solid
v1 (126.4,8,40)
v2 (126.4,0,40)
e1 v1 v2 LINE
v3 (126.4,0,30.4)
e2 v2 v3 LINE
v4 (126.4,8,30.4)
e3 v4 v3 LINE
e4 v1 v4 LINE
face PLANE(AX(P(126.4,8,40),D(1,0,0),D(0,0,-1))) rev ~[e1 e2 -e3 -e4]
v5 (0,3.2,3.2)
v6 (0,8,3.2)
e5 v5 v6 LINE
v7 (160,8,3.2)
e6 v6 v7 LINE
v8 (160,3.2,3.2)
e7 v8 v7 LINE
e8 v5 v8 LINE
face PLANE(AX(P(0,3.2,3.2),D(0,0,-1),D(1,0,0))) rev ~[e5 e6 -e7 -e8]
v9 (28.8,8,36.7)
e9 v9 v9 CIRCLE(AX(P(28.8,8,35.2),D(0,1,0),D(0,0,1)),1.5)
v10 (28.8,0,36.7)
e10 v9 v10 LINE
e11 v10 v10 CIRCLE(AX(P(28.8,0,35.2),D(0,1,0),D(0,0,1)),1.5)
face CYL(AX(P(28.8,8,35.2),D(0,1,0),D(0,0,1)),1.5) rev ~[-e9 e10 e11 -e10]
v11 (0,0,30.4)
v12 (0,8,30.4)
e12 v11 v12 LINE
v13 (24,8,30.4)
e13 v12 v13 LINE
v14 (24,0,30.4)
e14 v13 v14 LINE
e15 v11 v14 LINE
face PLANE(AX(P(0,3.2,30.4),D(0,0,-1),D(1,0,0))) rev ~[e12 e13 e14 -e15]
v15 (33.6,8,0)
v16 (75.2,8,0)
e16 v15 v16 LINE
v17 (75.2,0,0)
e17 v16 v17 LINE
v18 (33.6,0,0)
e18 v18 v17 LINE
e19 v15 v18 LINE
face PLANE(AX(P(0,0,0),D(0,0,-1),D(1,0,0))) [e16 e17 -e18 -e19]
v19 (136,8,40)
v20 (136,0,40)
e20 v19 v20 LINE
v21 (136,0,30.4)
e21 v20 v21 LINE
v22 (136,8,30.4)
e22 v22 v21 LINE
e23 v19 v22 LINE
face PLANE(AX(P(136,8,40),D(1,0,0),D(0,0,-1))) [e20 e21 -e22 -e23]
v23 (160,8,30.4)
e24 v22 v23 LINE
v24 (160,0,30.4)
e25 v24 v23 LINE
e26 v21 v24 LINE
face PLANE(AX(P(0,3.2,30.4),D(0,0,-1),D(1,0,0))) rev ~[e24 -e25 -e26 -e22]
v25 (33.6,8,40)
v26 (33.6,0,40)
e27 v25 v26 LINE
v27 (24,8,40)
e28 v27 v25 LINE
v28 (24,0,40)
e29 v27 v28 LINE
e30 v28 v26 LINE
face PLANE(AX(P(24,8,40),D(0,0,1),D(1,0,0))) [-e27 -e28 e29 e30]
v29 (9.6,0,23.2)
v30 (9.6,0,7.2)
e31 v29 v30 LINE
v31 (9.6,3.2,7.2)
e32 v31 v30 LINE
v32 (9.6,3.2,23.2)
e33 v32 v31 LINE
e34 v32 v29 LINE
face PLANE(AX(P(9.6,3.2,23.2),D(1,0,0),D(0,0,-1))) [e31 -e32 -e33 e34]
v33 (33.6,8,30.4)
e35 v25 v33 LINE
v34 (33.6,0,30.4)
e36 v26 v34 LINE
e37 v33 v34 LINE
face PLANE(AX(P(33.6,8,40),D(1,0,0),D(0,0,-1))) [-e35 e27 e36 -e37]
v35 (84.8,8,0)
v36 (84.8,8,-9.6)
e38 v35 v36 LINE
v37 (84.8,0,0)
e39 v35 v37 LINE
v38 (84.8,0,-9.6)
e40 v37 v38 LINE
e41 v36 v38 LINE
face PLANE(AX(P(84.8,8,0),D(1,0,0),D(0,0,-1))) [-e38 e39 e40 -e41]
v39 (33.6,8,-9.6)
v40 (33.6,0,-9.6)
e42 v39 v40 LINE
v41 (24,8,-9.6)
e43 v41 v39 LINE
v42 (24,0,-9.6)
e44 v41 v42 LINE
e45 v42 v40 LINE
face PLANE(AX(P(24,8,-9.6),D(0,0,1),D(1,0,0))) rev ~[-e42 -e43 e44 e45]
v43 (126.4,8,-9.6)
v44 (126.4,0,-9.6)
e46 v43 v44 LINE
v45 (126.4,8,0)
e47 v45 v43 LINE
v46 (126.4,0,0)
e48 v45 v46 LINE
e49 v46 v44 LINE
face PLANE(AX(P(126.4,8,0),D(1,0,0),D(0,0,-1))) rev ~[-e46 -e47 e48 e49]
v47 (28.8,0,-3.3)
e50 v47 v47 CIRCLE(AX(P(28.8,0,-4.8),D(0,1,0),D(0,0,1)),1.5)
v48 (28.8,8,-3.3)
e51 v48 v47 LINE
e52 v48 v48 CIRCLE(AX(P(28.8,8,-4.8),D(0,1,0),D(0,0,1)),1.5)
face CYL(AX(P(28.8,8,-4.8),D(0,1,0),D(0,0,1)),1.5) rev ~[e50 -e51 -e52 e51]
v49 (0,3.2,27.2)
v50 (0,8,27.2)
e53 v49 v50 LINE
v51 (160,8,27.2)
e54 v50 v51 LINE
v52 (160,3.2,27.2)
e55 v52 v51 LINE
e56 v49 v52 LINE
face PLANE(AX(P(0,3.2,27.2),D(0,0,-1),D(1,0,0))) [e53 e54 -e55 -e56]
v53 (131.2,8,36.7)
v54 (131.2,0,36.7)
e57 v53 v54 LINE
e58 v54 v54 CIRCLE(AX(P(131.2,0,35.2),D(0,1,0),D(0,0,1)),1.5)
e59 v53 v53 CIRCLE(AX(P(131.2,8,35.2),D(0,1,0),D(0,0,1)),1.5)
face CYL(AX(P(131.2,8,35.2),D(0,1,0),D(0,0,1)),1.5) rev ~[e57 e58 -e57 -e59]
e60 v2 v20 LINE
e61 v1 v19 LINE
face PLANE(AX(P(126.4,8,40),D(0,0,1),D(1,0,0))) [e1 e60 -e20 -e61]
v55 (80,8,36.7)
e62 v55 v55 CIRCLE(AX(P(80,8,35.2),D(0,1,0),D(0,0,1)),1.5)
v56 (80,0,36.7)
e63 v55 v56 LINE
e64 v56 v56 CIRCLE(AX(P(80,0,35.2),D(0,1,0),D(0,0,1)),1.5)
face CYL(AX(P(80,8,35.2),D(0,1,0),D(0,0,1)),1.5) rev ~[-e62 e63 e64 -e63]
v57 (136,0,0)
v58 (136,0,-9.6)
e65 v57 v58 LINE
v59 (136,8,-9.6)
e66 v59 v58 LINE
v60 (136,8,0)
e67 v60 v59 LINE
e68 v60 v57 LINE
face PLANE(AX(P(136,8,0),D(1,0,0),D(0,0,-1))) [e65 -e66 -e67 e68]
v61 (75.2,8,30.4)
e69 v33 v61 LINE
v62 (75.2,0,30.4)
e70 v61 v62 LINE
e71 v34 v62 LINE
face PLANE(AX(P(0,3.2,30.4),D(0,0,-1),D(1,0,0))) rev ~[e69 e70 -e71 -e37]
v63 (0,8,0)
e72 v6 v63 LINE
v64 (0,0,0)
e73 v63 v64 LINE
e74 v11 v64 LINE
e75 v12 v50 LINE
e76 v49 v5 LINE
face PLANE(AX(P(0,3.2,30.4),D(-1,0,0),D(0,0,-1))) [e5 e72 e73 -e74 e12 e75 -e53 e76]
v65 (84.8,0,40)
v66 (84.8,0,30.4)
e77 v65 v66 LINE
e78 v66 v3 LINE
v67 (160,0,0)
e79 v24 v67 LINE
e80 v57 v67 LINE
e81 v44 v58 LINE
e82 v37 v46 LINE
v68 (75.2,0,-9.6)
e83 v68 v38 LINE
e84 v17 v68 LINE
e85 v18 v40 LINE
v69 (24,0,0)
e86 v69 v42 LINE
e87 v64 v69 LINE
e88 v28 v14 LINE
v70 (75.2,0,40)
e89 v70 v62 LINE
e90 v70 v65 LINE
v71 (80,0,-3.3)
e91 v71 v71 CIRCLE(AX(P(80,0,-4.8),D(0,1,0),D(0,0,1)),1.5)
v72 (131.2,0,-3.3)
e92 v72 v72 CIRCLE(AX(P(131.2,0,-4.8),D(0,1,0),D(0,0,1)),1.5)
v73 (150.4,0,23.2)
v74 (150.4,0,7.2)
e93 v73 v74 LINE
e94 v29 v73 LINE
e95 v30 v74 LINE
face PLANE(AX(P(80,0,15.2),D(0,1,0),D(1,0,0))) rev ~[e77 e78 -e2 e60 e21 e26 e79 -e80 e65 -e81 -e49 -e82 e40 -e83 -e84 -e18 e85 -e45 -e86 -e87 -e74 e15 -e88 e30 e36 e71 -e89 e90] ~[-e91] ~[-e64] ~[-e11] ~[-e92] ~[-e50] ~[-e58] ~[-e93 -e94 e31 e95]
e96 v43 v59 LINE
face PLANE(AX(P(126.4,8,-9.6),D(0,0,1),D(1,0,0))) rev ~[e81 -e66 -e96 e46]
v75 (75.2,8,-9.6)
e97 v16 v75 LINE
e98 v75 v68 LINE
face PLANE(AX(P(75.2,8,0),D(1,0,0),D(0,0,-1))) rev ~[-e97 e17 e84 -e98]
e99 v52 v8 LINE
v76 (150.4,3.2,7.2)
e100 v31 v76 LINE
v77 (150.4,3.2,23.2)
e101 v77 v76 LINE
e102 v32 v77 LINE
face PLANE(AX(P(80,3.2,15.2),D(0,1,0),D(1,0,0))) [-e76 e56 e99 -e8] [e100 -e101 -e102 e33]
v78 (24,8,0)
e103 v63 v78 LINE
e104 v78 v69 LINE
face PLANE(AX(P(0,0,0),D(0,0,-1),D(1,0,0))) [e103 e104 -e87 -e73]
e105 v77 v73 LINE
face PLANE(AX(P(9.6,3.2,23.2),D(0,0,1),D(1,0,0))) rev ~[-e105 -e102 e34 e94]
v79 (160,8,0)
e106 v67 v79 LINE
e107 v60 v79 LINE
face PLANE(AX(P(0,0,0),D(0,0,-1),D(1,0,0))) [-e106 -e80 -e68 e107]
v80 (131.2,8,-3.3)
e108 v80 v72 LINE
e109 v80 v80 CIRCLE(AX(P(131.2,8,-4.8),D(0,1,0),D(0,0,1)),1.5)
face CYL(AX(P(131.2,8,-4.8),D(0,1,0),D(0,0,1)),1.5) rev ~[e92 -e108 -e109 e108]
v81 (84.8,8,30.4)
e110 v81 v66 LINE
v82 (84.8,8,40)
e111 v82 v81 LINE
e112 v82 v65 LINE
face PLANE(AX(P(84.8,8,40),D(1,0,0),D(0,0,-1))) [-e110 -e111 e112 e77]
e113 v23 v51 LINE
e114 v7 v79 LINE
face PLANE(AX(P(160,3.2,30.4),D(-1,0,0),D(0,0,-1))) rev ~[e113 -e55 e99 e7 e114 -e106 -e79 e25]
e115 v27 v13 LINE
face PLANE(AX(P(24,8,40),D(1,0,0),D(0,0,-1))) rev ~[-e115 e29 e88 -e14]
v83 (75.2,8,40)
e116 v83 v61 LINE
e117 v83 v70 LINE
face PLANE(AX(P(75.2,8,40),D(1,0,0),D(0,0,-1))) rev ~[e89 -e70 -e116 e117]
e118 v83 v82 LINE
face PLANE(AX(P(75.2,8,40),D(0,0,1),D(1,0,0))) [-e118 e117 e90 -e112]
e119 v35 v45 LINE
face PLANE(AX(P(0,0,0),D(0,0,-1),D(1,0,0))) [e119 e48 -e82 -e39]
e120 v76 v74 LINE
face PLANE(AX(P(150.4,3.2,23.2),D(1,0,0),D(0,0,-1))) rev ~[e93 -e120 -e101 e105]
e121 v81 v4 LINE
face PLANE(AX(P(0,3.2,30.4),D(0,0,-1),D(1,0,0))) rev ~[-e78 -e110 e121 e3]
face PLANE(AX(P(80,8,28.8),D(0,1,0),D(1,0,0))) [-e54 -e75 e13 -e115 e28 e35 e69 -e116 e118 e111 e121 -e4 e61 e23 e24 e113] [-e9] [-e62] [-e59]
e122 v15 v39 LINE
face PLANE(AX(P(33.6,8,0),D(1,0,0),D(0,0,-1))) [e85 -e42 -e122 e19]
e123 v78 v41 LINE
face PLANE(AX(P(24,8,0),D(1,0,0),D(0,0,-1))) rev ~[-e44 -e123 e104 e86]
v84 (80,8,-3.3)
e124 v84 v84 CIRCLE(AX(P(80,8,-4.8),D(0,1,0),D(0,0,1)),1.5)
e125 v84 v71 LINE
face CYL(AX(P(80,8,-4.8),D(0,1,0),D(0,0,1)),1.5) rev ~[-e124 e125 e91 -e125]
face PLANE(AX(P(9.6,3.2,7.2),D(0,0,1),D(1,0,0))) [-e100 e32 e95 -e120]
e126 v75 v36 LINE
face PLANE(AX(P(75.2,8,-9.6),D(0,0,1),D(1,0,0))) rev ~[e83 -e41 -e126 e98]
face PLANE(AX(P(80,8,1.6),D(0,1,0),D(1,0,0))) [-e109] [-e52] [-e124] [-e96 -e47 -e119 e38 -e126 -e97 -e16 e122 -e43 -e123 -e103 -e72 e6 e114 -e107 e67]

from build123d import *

# Parameters (mm, degrees)
SKETCH1_W           = 160
SKETCH1_H           = 30.4
BOSS_EXTRUDE1_DEPTH = 3.2
SKETCH2_W           = 160
SKETCH2_H           = 3.2
BOSS_EXTRUDE2_DEPTH = 4.8
SKETCH3_W           = 140.8
SKETCH3_H           = 16
CUT_EXTRUDE1_DEPTH  = 163.933115112
SKETCH4_W           = 9.6
SKETCH4_H           = 9.6
SKETCH4_R           = 1.5
BOSS_EXTRUDE3_DEPTH = 8


with BuildPart() as part:
    # Sketch1 → Boss-Extrude1 (new body)
    with BuildSketch(Plane(origin=(0, 0, 0), x_dir=(1, 0, 0), z_dir=(0, 1, 0))):
        with Locations((80, -15.2)):
            Rectangle(SKETCH1_W, SKETCH1_H)
    extrude(amount=BOSS_EXTRUDE1_DEPTH)

    # Sketch2 → Boss-Extrude2 (add)
    with BuildSketch(Plane(origin=(0, 3.2, 0), x_dir=(1, 0, 0), z_dir=(0, 1, 0))):
        with Locations((80, -28.8)):
            Rectangle(SKETCH2_W, SKETCH2_H)
        with Locations((80, -1.6)):
            Rectangle(SKETCH2_W, SKETCH2_H)
    extrude(amount=BOSS_EXTRUDE2_DEPTH)

    # Sketch3 → Cut-Extrude1 (cut, through all)
    with BuildSketch(Plane(origin=(0, 3.2, 0), x_dir=(1, 0, 0), z_dir=(0, 1, 0))):
        with Locations((80, -15.2)):
            Rectangle(SKETCH3_W, SKETCH3_H)
    extrude(amount=-CUT_EXTRUDE1_DEPTH, mode=Mode.SUBTRACT)

    # Sketch4 → Boss-Extrude3 (add)
    # profile 1 of 6: a face of its own
    with BuildSketch(Plane(origin=(0, 8, 0), x_dir=(1, 0, 0), z_dir=(0, 1, 0))):
        with Locations((28.8, -35.2)):
            Rectangle(SKETCH4_W, SKETCH4_H)
        with Locations(Location((28.8, -35.2, 0), (0, 0, 270))):
            Circle(SKETCH4_R, mode=Mode.SUBTRACT)
    # profile 2 of 6: a face of its own
    with BuildSketch(Plane(origin=(0, 8, 0), x_dir=(1, 0, 0), z_dir=(0, 1, 0))):
        with Locations((80, -35.2)):
            Rectangle(SKETCH4_W, SKETCH4_H)
        with Locations(Location((80, -35.2, 0), (0, 0, 270))):
            Circle(SKETCH4_R, mode=Mode.SUBTRACT)
    # profile 3 of 6: a face of its own
    with BuildSketch(Plane(origin=(0, 8, 0), x_dir=(1, 0, 0), z_dir=(0, 1, 0))):
        with Locations((131.2, -35.2)):
            Rectangle(SKETCH4_W, SKETCH4_H)
        with Locations(Location((131.2, -35.2, 0), (0, 0, 270))):
            Circle(SKETCH4_R, mode=Mode.SUBTRACT)
    # profile 4 of 6: a face of its own
    with BuildSketch(Plane(origin=(0, 8, 0), x_dir=(1, 0, 0), z_dir=(0, 1, 0))):
        with Locations((80, 4.8)):
            Rectangle(SKETCH4_W, SKETCH4_H)
        with Locations(Location((80, 4.8, 0), (0, 0, 270))):
            Circle(SKETCH4_R, mode=Mode.SUBTRACT)
    # profile 5 of 6: a face of its own
    with BuildSketch(Plane(origin=(0, 8, 0), x_dir=(1, 0, 0), z_dir=(0, 1, 0))):
        with Locations((131.2, 4.8)):
            Rectangle(SKETCH4_W, SKETCH4_H)
        with Locations(Location((131.2, 4.8, 0), (0, 0, 270))):
            Circle(SKETCH4_R, mode=Mode.SUBTRACT)
    # profile 6 of 6: a face of its own
    with BuildSketch(Plane(origin=(0, 8, 0), x_dir=(1, 0, 0), z_dir=(0, 1, 0))):
        with Locations((28.8, 4.8)):
            Rectangle(SKETCH4_W, SKETCH4_H)
        with Locations(Location((28.8, 4.8, 0), (0, 0, 270))):
            Circle(SKETCH4_R, mode=Mode.SUBTRACT)
    extrude(amount=-BOSS_EXTRUDE3_DEPTH)


solid = part.part
